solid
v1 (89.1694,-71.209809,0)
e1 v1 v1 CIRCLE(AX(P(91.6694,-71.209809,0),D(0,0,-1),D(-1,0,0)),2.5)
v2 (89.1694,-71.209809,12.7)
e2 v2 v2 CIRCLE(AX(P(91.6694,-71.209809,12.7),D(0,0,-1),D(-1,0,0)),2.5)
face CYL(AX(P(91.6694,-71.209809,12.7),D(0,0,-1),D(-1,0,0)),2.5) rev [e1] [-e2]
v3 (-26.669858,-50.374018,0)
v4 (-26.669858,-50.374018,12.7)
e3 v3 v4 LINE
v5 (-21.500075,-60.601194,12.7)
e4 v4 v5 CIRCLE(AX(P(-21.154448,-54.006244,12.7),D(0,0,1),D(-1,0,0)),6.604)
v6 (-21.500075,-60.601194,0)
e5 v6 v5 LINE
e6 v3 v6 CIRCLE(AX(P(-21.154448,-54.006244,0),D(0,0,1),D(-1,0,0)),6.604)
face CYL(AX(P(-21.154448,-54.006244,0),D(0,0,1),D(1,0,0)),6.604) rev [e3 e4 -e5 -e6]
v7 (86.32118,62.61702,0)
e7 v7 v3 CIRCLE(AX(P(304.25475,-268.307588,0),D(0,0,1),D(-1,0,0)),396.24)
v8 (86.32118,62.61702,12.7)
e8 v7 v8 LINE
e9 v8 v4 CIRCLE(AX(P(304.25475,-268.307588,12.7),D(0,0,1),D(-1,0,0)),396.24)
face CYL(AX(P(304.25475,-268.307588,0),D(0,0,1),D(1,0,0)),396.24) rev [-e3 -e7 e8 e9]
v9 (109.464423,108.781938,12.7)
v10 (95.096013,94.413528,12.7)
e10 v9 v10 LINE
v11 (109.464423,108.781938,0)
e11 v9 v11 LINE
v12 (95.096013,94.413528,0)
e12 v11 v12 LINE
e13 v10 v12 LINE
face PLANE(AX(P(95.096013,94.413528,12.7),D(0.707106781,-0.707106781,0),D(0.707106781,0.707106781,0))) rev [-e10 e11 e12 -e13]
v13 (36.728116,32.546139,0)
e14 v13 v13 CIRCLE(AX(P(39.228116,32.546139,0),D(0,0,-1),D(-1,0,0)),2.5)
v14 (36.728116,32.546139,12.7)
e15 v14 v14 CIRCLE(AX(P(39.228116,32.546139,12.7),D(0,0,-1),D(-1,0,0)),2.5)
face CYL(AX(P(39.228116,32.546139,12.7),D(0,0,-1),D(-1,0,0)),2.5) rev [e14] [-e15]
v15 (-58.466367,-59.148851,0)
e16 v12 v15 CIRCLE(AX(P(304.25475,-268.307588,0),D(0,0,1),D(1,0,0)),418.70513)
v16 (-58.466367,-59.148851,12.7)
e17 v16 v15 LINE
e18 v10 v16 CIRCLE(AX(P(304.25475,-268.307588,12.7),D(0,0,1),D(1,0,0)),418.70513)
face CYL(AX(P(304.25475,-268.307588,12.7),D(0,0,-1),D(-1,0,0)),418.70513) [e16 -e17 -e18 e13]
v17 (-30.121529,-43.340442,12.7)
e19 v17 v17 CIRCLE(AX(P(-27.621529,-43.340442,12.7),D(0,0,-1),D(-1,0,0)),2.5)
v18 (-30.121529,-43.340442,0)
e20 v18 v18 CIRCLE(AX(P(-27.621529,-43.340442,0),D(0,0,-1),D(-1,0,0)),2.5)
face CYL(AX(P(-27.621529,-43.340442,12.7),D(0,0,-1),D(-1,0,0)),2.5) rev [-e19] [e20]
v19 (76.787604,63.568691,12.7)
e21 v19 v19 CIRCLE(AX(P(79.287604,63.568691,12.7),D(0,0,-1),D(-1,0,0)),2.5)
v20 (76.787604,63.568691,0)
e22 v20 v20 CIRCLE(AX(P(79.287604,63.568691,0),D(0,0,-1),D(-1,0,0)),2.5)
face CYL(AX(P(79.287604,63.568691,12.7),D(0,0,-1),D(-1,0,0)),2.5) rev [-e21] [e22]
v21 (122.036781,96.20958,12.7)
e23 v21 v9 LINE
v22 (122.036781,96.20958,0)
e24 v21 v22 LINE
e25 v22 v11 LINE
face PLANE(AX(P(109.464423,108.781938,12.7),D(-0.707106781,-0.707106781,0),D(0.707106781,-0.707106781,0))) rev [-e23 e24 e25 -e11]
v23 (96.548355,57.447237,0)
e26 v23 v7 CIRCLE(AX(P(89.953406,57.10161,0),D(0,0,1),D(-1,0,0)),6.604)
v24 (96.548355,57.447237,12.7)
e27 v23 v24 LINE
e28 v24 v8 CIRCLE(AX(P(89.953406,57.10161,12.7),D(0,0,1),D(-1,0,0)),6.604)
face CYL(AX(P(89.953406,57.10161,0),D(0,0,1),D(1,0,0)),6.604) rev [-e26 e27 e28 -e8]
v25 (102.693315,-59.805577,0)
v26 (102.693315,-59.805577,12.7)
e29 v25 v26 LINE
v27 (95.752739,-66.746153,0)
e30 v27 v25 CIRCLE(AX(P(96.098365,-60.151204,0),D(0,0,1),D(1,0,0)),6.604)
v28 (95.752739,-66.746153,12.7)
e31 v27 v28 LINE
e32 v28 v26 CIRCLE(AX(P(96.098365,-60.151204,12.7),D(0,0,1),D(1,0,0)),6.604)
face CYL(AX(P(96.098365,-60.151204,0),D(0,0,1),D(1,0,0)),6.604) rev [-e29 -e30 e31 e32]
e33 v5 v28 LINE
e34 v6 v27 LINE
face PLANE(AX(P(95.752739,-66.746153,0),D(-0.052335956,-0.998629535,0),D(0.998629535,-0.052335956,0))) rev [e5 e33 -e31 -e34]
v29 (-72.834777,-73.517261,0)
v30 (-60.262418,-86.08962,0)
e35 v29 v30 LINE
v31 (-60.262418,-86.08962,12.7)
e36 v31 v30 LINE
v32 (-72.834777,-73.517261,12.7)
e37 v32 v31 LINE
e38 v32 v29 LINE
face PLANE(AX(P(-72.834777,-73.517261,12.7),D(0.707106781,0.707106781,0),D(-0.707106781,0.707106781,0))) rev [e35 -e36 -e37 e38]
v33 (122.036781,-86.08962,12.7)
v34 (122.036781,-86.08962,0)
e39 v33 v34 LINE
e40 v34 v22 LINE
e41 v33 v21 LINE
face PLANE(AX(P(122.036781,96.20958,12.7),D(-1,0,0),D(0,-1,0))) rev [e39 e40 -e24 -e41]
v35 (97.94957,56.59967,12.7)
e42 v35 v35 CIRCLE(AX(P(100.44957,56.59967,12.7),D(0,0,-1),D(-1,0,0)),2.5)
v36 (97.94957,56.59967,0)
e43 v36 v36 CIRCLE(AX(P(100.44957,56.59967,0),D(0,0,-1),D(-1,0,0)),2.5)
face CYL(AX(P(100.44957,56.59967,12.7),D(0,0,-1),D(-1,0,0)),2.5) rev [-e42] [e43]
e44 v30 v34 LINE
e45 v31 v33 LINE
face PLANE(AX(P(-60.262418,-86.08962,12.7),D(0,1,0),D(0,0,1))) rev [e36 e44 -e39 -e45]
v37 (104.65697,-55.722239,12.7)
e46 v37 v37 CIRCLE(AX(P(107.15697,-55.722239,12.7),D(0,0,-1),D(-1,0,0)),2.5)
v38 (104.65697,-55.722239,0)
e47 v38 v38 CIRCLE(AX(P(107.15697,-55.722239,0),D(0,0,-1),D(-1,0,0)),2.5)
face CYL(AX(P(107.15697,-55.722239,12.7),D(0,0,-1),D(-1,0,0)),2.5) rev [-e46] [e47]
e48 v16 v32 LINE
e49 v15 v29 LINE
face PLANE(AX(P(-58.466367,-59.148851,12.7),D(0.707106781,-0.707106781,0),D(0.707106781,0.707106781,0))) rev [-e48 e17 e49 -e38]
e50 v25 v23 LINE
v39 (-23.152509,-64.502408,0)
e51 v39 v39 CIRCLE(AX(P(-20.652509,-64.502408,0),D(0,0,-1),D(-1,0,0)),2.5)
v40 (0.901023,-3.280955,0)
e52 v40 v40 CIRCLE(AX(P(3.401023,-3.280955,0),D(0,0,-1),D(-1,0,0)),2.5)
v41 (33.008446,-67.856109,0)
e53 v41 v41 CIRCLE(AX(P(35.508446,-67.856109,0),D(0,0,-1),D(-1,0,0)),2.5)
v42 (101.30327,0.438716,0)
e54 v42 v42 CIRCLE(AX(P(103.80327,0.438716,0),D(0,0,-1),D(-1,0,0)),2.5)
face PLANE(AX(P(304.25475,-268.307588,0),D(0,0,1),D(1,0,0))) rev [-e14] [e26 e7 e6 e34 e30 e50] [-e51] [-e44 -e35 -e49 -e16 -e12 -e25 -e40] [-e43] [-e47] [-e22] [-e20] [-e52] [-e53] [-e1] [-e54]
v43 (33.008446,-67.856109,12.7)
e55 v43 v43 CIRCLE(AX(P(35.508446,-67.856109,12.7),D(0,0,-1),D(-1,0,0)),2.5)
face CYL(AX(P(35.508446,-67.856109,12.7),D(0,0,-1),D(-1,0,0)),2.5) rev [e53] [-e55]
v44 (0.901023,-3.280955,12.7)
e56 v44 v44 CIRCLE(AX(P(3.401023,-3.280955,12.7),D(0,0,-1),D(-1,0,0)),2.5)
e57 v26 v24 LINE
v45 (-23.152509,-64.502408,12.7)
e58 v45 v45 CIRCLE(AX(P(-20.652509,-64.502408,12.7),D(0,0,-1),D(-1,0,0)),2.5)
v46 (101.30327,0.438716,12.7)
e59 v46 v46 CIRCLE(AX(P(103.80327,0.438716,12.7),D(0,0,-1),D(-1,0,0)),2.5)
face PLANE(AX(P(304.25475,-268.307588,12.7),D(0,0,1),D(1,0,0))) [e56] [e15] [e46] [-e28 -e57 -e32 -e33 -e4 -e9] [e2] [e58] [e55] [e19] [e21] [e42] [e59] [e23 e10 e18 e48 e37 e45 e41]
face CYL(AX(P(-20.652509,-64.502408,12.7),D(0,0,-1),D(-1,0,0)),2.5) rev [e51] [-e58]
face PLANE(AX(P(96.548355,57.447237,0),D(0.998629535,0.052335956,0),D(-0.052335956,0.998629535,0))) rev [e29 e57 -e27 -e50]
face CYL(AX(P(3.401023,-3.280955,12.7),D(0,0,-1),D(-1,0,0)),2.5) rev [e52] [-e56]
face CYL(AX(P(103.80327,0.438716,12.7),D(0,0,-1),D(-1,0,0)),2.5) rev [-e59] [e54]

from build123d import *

# Parameters (mm, degrees)
BOSS_EXTRUDE1_DEPTH = 12.7
CUT_EXTRUDE1_DEPTH  = 164.974925036
SKETCH3_R           = 2.5
CUT_EXTRUDE2_DEPTH  = 164.974925036


with BuildPart() as part:
    # Sketch1 → Boss-Extrude1 (new body)
    with BuildSketch(Plane.XY):
        with BuildLine():
            Line((-60.262418021, -86.089619685), (122.036781237, -86.089619685))
            Line((122.036781237, -86.089619685), (122.036781237, 96.209579573))
            Line((122.036781237, 96.209579573), (109.464422667, 108.781938142))
            Line((109.464422667, 108.781938142), (95.096012874, 94.413528349))
            ThreePointArc((95.096012874, 94.413528349), (8.18551326, 27.761648291), (-58.466366797, -59.148851322))
            Line((-58.466366797, -59.148851322), (-72.83477659, -73.517261115))
            Line((-72.83477659, -73.517261115), (-60.262418021, -86.089619685))
        make_face()
    extrude(amount=BOSS_EXTRUDE1_DEPTH)

    # Sketch2 → Cut-Extrude1 (cut, through all)
    with BuildSketch(Plane.XY.offset(12.7)):
        with BuildLine():
            Line((96.548355206, 57.447236553), (102.693314786, -59.805577132))
            ThreePointArc((102.693314786, -59.805577132), (100.768098522, -64.82093697), (95.752738684, -66.746153234))
            Line((95.752738684, -66.746153234), (-21.500075001, -60.601193655))
            ThreePointArc((-21.500075001, -60.601193655), (-27.048234767, -56.985522244), (-26.669858487, -50.374018034))
            ThreePointArc((-26.669858487, -50.374018034), (24.070759008, 11.876402544), (86.321179585, 62.617020039))
            ThreePointArc((86.321179585, 62.617020039), (92.932683796, 62.995396319), (96.548355206, 57.447236553))
        make_face()
    extrude(amount=-CUT_EXTRUDE1_DEPTH, mode=Mode.SUBTRACT)

    # Sketch3 → Cut-Extrude2 (cut, through all)
    with BuildSketch(Plane(origin=(0, 0, 0), x_dir=(-1, 0, 0), z_dir=(0, 0, -1))):
        with Locations((-100.449569709, 56.599670194)):
            Circle(SKETCH3_R)
        with Locations((-79.287603593, 63.568690871)):
            Circle(SKETCH3_R)
        with Locations((-39.228116315, 32.54613876)):
            Circle(SKETCH3_R)
        with Locations((-3.401022792, -3.280954763)):
            Circle(SKETCH3_R)
        with Locations((27.621529319, -43.340442042)):
            Circle(SKETCH3_R)
        with Locations((20.652508642, -64.502408157)):
            Circle(SKETCH3_R)
        with Locations((-35.508445898, -67.856108518)):
            Circle(SKETCH3_R)
        with Locations((-91.669400439, -71.209808879)):
            Circle(SKETCH3_R)
        with Locations((-107.156970431, -55.722238887)):
            Circle(SKETCH3_R)
        with Locations((-103.80327007, 0.438715653)):
            Circle(SKETCH3_R)
    extrude(amount=-CUT_EXTRUDE2_DEPTH, mode=Mode.SUBTRACT)


solid = part.part
